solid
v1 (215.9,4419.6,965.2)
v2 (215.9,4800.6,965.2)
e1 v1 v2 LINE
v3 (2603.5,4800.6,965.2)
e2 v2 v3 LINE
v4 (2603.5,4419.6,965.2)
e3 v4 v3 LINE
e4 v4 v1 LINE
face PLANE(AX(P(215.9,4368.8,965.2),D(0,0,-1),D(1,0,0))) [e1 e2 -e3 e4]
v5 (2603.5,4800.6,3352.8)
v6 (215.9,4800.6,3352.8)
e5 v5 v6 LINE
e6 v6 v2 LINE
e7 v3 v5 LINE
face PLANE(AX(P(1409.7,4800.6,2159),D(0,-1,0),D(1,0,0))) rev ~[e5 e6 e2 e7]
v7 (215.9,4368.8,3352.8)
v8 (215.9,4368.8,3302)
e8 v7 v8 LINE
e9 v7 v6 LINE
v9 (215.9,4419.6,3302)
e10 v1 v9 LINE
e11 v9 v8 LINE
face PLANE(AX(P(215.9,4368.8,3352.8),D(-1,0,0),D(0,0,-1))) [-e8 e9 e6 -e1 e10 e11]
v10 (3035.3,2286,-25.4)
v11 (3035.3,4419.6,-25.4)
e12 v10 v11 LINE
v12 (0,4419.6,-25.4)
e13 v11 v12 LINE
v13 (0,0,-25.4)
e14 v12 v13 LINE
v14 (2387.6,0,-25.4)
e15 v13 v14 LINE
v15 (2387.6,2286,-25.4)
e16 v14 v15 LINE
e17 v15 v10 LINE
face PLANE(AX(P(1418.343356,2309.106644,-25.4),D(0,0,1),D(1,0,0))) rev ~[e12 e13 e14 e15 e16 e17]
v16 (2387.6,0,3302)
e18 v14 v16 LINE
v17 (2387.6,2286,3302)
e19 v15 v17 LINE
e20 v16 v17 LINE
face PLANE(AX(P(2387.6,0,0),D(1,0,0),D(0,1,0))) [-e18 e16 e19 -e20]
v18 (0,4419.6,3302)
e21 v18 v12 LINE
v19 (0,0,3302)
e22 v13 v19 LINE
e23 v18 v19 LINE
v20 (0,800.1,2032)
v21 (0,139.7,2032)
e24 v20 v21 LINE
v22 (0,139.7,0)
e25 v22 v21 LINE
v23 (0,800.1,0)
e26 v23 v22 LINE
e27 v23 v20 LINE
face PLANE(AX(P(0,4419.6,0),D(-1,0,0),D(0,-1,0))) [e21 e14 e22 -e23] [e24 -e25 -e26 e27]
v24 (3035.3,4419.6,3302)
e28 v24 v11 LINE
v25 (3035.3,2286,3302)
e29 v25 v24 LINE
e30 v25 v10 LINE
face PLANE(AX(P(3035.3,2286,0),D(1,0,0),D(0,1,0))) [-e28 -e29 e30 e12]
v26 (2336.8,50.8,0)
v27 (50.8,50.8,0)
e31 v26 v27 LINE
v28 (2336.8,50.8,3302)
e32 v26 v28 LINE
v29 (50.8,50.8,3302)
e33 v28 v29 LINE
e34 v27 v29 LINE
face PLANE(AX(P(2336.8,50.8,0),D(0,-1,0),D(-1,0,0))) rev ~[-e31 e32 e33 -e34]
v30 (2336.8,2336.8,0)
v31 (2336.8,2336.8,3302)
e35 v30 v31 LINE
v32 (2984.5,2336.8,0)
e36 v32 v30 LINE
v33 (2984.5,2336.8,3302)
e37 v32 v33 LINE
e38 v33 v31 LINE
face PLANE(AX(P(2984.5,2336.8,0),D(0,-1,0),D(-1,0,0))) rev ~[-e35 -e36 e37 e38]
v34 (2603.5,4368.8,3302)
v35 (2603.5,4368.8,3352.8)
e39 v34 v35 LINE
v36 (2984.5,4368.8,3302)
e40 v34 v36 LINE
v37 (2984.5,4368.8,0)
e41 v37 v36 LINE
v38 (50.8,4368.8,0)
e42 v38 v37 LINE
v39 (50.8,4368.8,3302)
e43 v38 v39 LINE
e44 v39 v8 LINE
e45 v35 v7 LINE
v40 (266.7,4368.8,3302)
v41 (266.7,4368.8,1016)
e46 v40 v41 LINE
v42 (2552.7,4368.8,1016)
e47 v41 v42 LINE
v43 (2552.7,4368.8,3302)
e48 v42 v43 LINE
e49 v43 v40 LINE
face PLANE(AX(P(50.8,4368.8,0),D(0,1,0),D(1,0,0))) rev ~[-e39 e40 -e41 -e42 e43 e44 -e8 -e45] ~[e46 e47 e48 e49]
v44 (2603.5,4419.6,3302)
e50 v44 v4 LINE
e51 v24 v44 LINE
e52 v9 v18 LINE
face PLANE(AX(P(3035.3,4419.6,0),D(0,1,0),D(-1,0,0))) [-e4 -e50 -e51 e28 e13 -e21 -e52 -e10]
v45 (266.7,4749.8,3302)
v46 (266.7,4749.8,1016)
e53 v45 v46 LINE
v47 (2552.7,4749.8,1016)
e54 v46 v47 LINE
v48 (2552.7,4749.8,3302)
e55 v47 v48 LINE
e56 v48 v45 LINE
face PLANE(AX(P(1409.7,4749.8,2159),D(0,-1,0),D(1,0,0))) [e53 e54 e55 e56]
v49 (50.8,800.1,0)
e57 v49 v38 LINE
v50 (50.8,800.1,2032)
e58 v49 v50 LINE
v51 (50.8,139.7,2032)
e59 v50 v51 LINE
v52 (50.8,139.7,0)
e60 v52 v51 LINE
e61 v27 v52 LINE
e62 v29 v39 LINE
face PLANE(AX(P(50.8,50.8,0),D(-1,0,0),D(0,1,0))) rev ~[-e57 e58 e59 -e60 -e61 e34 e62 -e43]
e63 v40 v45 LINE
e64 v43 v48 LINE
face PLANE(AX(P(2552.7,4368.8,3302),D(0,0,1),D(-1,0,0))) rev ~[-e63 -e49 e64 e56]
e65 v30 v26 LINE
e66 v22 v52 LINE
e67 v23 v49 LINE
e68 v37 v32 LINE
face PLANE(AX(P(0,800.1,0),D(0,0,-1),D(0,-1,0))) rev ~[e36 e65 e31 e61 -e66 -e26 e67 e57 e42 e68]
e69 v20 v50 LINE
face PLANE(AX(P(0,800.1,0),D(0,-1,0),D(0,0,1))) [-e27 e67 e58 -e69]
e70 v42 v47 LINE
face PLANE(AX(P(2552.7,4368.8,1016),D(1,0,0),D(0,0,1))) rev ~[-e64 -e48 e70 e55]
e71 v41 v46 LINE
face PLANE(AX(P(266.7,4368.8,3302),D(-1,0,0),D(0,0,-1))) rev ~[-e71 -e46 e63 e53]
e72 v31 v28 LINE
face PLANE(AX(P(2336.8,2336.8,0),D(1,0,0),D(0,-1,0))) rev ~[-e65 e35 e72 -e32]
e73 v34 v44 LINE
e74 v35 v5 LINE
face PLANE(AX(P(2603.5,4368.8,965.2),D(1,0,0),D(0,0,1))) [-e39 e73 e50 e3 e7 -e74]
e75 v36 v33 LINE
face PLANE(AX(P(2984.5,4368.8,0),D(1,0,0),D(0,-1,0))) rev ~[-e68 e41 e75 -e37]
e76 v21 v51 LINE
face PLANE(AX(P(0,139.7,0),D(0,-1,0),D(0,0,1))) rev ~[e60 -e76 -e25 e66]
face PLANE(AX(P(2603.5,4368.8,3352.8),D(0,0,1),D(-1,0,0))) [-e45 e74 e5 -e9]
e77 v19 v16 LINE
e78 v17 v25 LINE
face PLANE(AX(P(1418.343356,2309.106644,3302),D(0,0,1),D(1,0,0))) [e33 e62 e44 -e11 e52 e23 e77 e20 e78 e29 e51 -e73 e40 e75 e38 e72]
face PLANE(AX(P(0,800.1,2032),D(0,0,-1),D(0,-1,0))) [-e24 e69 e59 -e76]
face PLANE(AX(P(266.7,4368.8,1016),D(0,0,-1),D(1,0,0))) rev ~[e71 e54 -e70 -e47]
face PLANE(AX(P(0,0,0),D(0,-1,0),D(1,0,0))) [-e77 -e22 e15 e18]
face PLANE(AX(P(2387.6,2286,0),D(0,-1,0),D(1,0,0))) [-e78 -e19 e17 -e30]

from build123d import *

# Parameters (mm, degrees)
F2_DEPTH = 3302
F3_DEPTH = 25.4
F4_W     = 660.4
F4_H     = 2032
F5_DEPTH = 50.8
F7_DEPTH = 431.8
F9_DEPTH = 381


with BuildPart() as f2:
    # F0 (on Top) → F2 (new body)
    with BuildSketch(Plane.XY):
        Polygon((3035.3, 4419.6), (0, 4419.6), (0, 0), (2387.6, 0), (2387.6, 2286), (3035.3, 2286), align=None)
        Polygon((50.8, 50.8), (50.8, 4368.8), (2984.5, 4368.8), (2984.5, 2336.8), (2336.8, 2336.8), (2336.8, 50.8), align=None, mode=Mode.SUBTRACT)
    extrude(amount=F2_DEPTH)

    # F1 (on face) → F3 (join)
    with BuildSketch(Plane.XY):
        Polygon((0, 4419.6), (0, 0), (2387.6, 0), (2387.6, 2286), (3035.3, 2286), (3035.3, 4419.6), align=None)
    extrude(amount=-F3_DEPTH)

    # F4 (on face) → F5 (cut, through all)
    with BuildSketch(Plane(origin=(0, 0, 0), x_dir=(0, -1, 0), z_dir=(-1, 0, 0))):
        with Locations((-469.9, 1016)):
            Rectangle(F4_W, F4_H)
    extrude(amount=-F5_DEPTH, mode=Mode.SUBTRACT)

    # F6 (on face) → F7 (join)
    with BuildSketch(Plane.XZ.offset(-4368.8)):
        Polygon((2603.5, 965.2), (2603.5, 3352.8), (215.9, 3352.8), (215.9, 2159), (215.9, 965.2), align=None)
    extrude(amount=-F7_DEPTH)

    # F8 (on face) → F9 (cut)
    with BuildSketch(Plane.XZ.offset(-4368.8)):
        Polygon((2552.7, 1016), (2552.7, 3302), (266.7, 3302), (266.7, 2159), (266.7, 1016), align=None)
    extrude(amount=-F9_DEPTH, mode=Mode.SUBTRACT)


solid = f2.part
